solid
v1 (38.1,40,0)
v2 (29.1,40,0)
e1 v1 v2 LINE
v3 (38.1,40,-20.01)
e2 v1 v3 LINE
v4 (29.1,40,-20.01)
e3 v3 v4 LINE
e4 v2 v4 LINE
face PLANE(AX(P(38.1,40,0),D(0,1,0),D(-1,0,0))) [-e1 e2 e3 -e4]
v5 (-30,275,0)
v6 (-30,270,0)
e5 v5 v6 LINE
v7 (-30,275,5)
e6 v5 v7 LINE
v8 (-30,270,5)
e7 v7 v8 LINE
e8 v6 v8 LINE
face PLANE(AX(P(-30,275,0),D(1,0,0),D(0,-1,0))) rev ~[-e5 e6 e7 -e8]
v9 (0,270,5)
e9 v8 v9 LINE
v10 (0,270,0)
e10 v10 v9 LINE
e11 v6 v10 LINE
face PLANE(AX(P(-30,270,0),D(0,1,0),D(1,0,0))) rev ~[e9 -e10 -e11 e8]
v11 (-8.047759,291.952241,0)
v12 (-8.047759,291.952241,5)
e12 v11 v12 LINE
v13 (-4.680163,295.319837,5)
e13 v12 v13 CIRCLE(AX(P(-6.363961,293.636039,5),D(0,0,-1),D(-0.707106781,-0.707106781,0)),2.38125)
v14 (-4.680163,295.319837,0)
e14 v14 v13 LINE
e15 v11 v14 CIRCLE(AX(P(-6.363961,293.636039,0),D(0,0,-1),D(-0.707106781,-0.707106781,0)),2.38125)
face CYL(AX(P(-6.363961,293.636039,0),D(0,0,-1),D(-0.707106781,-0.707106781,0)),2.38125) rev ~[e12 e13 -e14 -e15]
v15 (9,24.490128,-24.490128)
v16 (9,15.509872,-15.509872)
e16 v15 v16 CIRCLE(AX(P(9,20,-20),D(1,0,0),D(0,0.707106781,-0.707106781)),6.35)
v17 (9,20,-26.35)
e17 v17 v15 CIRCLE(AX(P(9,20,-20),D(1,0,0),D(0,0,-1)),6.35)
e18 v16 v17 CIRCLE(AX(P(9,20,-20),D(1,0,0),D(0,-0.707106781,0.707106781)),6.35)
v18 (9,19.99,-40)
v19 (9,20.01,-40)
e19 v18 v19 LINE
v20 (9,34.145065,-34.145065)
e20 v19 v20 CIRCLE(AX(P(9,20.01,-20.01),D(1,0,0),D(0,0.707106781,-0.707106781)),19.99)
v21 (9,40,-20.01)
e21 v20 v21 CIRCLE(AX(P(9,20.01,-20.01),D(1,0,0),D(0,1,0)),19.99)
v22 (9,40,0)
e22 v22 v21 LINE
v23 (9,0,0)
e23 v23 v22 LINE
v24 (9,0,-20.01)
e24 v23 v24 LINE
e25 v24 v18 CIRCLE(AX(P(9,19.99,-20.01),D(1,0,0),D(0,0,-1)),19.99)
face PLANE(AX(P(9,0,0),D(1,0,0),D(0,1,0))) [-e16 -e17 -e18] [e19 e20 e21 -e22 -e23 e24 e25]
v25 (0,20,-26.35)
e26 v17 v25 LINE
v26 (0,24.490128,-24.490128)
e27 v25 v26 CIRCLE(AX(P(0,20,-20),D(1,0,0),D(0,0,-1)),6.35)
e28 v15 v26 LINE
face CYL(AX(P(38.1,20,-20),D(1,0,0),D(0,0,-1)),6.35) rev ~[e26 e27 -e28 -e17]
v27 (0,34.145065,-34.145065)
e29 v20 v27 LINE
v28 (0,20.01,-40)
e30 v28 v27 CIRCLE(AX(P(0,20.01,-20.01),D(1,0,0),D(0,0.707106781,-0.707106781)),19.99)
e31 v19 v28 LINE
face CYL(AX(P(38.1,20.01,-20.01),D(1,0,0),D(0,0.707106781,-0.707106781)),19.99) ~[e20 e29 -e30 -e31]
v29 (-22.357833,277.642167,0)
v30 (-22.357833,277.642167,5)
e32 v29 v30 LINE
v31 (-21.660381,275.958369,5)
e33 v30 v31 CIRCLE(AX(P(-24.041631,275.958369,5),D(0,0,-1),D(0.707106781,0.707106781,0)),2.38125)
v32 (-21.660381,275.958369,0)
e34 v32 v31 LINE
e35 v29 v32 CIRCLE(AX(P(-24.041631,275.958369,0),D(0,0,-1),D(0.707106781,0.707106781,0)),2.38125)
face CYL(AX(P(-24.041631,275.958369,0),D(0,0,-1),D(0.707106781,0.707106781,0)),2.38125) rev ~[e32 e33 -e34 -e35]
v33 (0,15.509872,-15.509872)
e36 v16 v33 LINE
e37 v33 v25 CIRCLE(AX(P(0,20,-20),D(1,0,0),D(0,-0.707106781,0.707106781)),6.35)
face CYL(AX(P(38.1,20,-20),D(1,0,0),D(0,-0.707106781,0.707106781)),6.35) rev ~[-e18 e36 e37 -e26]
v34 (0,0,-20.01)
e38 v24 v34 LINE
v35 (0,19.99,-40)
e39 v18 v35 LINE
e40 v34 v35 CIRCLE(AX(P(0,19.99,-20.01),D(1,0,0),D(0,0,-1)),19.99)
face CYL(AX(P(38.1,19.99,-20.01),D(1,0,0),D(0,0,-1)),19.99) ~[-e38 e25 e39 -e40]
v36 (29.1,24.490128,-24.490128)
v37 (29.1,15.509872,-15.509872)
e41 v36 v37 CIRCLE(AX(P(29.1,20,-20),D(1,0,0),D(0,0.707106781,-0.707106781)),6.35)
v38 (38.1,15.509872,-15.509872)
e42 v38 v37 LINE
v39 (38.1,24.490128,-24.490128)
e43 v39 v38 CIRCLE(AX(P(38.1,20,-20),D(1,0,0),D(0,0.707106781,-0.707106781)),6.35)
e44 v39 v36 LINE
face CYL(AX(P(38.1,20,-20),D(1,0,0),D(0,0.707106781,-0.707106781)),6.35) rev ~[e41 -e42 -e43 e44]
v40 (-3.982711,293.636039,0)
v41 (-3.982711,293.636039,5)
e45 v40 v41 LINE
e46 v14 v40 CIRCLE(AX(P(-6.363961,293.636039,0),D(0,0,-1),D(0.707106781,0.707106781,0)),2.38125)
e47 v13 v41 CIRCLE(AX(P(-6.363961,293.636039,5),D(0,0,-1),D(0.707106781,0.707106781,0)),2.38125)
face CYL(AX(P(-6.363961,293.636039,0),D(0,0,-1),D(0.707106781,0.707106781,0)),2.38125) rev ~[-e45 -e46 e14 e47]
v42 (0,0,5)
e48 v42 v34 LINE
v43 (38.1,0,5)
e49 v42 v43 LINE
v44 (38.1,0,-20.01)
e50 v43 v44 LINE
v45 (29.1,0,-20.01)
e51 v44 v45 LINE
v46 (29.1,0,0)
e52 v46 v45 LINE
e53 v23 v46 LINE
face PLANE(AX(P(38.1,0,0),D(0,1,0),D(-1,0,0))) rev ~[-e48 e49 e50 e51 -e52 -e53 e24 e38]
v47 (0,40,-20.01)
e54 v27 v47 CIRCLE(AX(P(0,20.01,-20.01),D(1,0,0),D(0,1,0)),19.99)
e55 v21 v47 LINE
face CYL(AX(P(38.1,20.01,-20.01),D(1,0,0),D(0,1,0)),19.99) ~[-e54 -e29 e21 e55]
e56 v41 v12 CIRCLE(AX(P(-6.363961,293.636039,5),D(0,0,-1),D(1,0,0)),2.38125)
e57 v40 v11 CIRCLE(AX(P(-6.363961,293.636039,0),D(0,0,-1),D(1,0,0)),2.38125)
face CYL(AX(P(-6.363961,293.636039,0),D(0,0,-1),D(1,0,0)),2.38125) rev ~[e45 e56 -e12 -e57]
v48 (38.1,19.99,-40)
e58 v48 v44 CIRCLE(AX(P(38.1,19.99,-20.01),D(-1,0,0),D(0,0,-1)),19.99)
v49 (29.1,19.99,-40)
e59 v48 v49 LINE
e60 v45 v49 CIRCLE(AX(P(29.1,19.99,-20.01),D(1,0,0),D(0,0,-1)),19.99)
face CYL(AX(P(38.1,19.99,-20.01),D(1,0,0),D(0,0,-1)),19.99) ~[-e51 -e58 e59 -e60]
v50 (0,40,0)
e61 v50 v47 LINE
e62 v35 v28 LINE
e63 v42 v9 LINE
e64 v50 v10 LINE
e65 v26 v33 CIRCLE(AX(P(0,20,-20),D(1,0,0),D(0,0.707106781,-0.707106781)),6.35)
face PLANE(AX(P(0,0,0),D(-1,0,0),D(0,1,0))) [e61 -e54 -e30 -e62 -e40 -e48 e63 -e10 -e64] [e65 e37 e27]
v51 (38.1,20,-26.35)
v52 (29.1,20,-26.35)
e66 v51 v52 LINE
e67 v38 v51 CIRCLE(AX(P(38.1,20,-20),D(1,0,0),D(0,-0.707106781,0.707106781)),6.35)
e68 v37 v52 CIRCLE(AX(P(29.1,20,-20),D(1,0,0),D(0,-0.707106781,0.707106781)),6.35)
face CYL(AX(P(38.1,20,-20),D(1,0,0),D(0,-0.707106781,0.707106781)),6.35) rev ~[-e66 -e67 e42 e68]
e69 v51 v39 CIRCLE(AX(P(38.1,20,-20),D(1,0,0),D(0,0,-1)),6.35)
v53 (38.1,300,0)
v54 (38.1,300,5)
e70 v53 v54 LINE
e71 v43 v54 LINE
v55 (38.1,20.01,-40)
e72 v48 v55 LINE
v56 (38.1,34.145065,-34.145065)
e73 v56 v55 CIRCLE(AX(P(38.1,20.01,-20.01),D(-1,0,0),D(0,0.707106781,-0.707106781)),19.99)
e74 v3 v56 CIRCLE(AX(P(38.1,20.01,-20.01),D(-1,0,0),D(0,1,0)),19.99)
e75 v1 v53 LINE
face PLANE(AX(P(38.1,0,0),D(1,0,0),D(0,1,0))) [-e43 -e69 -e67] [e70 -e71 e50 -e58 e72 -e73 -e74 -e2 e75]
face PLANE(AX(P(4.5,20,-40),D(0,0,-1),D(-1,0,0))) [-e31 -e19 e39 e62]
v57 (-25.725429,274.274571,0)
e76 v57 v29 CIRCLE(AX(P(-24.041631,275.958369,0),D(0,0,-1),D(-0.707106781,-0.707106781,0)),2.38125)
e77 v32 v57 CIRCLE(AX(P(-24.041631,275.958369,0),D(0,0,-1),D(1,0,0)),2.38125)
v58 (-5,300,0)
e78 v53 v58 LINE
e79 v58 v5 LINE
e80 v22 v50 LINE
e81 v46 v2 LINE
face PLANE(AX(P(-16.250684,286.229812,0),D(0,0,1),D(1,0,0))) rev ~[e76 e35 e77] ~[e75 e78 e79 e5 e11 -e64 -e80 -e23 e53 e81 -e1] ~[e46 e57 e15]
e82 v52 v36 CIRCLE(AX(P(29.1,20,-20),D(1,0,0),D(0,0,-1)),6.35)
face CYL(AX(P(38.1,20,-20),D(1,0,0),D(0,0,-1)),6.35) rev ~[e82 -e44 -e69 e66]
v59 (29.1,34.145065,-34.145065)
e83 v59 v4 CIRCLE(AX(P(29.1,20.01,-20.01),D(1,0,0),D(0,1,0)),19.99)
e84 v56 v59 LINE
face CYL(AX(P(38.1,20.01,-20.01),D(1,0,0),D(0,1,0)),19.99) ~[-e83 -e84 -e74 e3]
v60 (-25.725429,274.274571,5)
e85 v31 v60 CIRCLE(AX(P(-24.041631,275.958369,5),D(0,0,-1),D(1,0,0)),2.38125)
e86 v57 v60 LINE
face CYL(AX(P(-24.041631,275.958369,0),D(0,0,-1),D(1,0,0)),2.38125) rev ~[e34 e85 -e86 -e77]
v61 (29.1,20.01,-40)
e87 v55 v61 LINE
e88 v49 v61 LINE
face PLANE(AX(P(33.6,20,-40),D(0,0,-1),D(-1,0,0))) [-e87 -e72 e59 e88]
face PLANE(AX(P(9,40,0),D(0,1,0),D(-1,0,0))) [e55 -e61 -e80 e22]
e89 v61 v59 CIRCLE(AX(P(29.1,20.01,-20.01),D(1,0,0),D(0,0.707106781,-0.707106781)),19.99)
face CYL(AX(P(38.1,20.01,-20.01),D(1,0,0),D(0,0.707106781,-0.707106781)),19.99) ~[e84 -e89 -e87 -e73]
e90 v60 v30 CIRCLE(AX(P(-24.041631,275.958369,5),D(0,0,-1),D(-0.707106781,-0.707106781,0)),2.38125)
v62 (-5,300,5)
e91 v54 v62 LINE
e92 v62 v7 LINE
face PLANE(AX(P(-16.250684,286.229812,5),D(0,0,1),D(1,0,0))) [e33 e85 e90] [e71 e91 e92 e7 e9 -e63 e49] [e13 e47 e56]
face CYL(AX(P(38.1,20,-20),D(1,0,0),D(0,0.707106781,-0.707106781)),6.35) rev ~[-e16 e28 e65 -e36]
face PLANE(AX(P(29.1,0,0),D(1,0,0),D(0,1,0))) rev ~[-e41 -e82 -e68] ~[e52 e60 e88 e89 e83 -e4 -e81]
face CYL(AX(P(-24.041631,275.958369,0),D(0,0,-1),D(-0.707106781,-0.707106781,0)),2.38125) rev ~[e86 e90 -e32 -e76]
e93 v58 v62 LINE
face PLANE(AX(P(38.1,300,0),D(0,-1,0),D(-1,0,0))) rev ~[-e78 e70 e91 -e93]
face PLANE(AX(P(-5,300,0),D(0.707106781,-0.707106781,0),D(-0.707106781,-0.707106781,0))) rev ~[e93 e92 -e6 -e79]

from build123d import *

# Parameters (mm, degrees)
SKETCH1_W           = 38.1
SKETCH1_H           = 300
BOSS_EXTRUDE1_DEPTH = 5
SKETCH4_W           = 9
SKETCH4_H           = 40
BOSS_EXTRUDE3_DEPTH = 40
CUT_EXTRUDE2_DEPTH  = 40


with BuildPart() as part:
    # Sketch1 → Boss-Extrude1 (new body)
    with BuildSketch(Plane.XY):
        with BuildLine():
            Line((-30, 275), (-30, 270))
            Line((-30, 270), (-25.725428583, 274.274571417))
            ThreePointArc((-25.725428583, 274.274571417), (-25.725428583, 277.642167462), (-22.357832538, 277.642167462))
            Line((-22.357832538, 277.642167462), (-8.047759053, 291.952240947))
            ThreePointArc((-8.047759053, 291.952240947), (-8.047759053, 295.319836992), (-4.680163008, 295.319836992))
            Line((-4.680163008, 295.319836992), (0, 300))
            Line((0, 300), (-5, 300))
            Line((-5, 300), (-30, 275))
        make_face()
        with BuildLine():
            Line((-25.725428583, 274.274571417), (-30, 270))
            Line((-30, 270), (0, 270))
            Line((0, 270), (0, 300))
            Line((0, 300), (-4.680163008, 295.319836992))
            ThreePointArc((-4.680163008, 295.319836992), (-4.163972894, 294.547303893), (-3.982711031, 293.636038969))
            ThreePointArc((-3.982711031, 293.636038969), (-5.452696107, 291.436050833), (-8.047759053, 291.952240947))
            Line((-8.047759053, 291.952240947), (-22.357832538, 277.642167462))
            ThreePointArc((-22.357832538, 277.642167462), (-21.841642424, 276.869634363), (-21.66038056, 275.95836944))
            ThreePointArc((-21.66038056, 275.95836944), (-23.130365637, 273.758381303), (-25.725428583, 274.274571417))
        make_face()
        with Locations((19.05, 150)):
            Rectangle(SKETCH1_W, SKETCH1_H)
    extrude(amount=BOSS_EXTRUDE1_DEPTH)

    # Sketch4 → Boss-Extrude3 (add)
    with BuildSketch(Plane(origin=(0, 0, 0), x_dir=(-1, 0, 0), z_dir=(0, 0, -1))):
        with Locations((-33.6, 20)):
            Rectangle(SKETCH4_W, SKETCH4_H)
        with Locations((-4.5, 20)):
            Rectangle(SKETCH4_W, SKETCH4_H)
    extrude(amount=BOSS_EXTRUDE3_DEPTH)

    # Sketch5 → Cut-Extrude2 (cut)
    with BuildSketch(Plane(origin=(38.1, 0, 0), x_dir=(0, 0, -1), z_dir=(1, 0, 0))):
        with BuildLine():
            Line((40, 20.01), (40, 40))
            Line((40, 40), (34.145064556, 34.145064556))
            ThreePointArc((34.145064556, 34.145064556), (38.478351855, 27.659841813), (40, 20.01))
        make_face()
        with BuildLine():
            Line((34.145064556, 34.145064556), (40, 40))
            Line((40, 40), (20.01, 40))
            ThreePointArc((20.01, 40), (27.659841813, 38.478351855), (34.145064556, 34.145064556))
        make_face()
        with BuildLine():
            ThreePointArc((26.35, 20), (25.866635031, 22.430039796), (24.490128061, 24.490128061))
            Line((24.490128061, 24.490128061), (15.509871939, 15.509871939))
            ThreePointArc((15.509871939, 15.509871939), (22.430039796, 14.133364969), (26.35, 20))
        make_face()
        with BuildLine():
            Line((15.509871939, 15.509871939), (24.490128061, 24.490128061))
            ThreePointArc((24.490128061, 24.490128061), (15.509871939, 24.490128061), (15.509871939, 15.509871939))
        make_face()
        with BuildLine():
            Line((40, 0), (40, 19.99))
            ThreePointArc((40, 19.99), (34.145064556, 5.854935444), (20.01, 0))
            Line((20.01, 0), (40, 0))
        make_face()
    extrude(amount=-CUT_EXTRUDE2_DEPTH, mode=Mode.SUBTRACT)


solid = part.part
